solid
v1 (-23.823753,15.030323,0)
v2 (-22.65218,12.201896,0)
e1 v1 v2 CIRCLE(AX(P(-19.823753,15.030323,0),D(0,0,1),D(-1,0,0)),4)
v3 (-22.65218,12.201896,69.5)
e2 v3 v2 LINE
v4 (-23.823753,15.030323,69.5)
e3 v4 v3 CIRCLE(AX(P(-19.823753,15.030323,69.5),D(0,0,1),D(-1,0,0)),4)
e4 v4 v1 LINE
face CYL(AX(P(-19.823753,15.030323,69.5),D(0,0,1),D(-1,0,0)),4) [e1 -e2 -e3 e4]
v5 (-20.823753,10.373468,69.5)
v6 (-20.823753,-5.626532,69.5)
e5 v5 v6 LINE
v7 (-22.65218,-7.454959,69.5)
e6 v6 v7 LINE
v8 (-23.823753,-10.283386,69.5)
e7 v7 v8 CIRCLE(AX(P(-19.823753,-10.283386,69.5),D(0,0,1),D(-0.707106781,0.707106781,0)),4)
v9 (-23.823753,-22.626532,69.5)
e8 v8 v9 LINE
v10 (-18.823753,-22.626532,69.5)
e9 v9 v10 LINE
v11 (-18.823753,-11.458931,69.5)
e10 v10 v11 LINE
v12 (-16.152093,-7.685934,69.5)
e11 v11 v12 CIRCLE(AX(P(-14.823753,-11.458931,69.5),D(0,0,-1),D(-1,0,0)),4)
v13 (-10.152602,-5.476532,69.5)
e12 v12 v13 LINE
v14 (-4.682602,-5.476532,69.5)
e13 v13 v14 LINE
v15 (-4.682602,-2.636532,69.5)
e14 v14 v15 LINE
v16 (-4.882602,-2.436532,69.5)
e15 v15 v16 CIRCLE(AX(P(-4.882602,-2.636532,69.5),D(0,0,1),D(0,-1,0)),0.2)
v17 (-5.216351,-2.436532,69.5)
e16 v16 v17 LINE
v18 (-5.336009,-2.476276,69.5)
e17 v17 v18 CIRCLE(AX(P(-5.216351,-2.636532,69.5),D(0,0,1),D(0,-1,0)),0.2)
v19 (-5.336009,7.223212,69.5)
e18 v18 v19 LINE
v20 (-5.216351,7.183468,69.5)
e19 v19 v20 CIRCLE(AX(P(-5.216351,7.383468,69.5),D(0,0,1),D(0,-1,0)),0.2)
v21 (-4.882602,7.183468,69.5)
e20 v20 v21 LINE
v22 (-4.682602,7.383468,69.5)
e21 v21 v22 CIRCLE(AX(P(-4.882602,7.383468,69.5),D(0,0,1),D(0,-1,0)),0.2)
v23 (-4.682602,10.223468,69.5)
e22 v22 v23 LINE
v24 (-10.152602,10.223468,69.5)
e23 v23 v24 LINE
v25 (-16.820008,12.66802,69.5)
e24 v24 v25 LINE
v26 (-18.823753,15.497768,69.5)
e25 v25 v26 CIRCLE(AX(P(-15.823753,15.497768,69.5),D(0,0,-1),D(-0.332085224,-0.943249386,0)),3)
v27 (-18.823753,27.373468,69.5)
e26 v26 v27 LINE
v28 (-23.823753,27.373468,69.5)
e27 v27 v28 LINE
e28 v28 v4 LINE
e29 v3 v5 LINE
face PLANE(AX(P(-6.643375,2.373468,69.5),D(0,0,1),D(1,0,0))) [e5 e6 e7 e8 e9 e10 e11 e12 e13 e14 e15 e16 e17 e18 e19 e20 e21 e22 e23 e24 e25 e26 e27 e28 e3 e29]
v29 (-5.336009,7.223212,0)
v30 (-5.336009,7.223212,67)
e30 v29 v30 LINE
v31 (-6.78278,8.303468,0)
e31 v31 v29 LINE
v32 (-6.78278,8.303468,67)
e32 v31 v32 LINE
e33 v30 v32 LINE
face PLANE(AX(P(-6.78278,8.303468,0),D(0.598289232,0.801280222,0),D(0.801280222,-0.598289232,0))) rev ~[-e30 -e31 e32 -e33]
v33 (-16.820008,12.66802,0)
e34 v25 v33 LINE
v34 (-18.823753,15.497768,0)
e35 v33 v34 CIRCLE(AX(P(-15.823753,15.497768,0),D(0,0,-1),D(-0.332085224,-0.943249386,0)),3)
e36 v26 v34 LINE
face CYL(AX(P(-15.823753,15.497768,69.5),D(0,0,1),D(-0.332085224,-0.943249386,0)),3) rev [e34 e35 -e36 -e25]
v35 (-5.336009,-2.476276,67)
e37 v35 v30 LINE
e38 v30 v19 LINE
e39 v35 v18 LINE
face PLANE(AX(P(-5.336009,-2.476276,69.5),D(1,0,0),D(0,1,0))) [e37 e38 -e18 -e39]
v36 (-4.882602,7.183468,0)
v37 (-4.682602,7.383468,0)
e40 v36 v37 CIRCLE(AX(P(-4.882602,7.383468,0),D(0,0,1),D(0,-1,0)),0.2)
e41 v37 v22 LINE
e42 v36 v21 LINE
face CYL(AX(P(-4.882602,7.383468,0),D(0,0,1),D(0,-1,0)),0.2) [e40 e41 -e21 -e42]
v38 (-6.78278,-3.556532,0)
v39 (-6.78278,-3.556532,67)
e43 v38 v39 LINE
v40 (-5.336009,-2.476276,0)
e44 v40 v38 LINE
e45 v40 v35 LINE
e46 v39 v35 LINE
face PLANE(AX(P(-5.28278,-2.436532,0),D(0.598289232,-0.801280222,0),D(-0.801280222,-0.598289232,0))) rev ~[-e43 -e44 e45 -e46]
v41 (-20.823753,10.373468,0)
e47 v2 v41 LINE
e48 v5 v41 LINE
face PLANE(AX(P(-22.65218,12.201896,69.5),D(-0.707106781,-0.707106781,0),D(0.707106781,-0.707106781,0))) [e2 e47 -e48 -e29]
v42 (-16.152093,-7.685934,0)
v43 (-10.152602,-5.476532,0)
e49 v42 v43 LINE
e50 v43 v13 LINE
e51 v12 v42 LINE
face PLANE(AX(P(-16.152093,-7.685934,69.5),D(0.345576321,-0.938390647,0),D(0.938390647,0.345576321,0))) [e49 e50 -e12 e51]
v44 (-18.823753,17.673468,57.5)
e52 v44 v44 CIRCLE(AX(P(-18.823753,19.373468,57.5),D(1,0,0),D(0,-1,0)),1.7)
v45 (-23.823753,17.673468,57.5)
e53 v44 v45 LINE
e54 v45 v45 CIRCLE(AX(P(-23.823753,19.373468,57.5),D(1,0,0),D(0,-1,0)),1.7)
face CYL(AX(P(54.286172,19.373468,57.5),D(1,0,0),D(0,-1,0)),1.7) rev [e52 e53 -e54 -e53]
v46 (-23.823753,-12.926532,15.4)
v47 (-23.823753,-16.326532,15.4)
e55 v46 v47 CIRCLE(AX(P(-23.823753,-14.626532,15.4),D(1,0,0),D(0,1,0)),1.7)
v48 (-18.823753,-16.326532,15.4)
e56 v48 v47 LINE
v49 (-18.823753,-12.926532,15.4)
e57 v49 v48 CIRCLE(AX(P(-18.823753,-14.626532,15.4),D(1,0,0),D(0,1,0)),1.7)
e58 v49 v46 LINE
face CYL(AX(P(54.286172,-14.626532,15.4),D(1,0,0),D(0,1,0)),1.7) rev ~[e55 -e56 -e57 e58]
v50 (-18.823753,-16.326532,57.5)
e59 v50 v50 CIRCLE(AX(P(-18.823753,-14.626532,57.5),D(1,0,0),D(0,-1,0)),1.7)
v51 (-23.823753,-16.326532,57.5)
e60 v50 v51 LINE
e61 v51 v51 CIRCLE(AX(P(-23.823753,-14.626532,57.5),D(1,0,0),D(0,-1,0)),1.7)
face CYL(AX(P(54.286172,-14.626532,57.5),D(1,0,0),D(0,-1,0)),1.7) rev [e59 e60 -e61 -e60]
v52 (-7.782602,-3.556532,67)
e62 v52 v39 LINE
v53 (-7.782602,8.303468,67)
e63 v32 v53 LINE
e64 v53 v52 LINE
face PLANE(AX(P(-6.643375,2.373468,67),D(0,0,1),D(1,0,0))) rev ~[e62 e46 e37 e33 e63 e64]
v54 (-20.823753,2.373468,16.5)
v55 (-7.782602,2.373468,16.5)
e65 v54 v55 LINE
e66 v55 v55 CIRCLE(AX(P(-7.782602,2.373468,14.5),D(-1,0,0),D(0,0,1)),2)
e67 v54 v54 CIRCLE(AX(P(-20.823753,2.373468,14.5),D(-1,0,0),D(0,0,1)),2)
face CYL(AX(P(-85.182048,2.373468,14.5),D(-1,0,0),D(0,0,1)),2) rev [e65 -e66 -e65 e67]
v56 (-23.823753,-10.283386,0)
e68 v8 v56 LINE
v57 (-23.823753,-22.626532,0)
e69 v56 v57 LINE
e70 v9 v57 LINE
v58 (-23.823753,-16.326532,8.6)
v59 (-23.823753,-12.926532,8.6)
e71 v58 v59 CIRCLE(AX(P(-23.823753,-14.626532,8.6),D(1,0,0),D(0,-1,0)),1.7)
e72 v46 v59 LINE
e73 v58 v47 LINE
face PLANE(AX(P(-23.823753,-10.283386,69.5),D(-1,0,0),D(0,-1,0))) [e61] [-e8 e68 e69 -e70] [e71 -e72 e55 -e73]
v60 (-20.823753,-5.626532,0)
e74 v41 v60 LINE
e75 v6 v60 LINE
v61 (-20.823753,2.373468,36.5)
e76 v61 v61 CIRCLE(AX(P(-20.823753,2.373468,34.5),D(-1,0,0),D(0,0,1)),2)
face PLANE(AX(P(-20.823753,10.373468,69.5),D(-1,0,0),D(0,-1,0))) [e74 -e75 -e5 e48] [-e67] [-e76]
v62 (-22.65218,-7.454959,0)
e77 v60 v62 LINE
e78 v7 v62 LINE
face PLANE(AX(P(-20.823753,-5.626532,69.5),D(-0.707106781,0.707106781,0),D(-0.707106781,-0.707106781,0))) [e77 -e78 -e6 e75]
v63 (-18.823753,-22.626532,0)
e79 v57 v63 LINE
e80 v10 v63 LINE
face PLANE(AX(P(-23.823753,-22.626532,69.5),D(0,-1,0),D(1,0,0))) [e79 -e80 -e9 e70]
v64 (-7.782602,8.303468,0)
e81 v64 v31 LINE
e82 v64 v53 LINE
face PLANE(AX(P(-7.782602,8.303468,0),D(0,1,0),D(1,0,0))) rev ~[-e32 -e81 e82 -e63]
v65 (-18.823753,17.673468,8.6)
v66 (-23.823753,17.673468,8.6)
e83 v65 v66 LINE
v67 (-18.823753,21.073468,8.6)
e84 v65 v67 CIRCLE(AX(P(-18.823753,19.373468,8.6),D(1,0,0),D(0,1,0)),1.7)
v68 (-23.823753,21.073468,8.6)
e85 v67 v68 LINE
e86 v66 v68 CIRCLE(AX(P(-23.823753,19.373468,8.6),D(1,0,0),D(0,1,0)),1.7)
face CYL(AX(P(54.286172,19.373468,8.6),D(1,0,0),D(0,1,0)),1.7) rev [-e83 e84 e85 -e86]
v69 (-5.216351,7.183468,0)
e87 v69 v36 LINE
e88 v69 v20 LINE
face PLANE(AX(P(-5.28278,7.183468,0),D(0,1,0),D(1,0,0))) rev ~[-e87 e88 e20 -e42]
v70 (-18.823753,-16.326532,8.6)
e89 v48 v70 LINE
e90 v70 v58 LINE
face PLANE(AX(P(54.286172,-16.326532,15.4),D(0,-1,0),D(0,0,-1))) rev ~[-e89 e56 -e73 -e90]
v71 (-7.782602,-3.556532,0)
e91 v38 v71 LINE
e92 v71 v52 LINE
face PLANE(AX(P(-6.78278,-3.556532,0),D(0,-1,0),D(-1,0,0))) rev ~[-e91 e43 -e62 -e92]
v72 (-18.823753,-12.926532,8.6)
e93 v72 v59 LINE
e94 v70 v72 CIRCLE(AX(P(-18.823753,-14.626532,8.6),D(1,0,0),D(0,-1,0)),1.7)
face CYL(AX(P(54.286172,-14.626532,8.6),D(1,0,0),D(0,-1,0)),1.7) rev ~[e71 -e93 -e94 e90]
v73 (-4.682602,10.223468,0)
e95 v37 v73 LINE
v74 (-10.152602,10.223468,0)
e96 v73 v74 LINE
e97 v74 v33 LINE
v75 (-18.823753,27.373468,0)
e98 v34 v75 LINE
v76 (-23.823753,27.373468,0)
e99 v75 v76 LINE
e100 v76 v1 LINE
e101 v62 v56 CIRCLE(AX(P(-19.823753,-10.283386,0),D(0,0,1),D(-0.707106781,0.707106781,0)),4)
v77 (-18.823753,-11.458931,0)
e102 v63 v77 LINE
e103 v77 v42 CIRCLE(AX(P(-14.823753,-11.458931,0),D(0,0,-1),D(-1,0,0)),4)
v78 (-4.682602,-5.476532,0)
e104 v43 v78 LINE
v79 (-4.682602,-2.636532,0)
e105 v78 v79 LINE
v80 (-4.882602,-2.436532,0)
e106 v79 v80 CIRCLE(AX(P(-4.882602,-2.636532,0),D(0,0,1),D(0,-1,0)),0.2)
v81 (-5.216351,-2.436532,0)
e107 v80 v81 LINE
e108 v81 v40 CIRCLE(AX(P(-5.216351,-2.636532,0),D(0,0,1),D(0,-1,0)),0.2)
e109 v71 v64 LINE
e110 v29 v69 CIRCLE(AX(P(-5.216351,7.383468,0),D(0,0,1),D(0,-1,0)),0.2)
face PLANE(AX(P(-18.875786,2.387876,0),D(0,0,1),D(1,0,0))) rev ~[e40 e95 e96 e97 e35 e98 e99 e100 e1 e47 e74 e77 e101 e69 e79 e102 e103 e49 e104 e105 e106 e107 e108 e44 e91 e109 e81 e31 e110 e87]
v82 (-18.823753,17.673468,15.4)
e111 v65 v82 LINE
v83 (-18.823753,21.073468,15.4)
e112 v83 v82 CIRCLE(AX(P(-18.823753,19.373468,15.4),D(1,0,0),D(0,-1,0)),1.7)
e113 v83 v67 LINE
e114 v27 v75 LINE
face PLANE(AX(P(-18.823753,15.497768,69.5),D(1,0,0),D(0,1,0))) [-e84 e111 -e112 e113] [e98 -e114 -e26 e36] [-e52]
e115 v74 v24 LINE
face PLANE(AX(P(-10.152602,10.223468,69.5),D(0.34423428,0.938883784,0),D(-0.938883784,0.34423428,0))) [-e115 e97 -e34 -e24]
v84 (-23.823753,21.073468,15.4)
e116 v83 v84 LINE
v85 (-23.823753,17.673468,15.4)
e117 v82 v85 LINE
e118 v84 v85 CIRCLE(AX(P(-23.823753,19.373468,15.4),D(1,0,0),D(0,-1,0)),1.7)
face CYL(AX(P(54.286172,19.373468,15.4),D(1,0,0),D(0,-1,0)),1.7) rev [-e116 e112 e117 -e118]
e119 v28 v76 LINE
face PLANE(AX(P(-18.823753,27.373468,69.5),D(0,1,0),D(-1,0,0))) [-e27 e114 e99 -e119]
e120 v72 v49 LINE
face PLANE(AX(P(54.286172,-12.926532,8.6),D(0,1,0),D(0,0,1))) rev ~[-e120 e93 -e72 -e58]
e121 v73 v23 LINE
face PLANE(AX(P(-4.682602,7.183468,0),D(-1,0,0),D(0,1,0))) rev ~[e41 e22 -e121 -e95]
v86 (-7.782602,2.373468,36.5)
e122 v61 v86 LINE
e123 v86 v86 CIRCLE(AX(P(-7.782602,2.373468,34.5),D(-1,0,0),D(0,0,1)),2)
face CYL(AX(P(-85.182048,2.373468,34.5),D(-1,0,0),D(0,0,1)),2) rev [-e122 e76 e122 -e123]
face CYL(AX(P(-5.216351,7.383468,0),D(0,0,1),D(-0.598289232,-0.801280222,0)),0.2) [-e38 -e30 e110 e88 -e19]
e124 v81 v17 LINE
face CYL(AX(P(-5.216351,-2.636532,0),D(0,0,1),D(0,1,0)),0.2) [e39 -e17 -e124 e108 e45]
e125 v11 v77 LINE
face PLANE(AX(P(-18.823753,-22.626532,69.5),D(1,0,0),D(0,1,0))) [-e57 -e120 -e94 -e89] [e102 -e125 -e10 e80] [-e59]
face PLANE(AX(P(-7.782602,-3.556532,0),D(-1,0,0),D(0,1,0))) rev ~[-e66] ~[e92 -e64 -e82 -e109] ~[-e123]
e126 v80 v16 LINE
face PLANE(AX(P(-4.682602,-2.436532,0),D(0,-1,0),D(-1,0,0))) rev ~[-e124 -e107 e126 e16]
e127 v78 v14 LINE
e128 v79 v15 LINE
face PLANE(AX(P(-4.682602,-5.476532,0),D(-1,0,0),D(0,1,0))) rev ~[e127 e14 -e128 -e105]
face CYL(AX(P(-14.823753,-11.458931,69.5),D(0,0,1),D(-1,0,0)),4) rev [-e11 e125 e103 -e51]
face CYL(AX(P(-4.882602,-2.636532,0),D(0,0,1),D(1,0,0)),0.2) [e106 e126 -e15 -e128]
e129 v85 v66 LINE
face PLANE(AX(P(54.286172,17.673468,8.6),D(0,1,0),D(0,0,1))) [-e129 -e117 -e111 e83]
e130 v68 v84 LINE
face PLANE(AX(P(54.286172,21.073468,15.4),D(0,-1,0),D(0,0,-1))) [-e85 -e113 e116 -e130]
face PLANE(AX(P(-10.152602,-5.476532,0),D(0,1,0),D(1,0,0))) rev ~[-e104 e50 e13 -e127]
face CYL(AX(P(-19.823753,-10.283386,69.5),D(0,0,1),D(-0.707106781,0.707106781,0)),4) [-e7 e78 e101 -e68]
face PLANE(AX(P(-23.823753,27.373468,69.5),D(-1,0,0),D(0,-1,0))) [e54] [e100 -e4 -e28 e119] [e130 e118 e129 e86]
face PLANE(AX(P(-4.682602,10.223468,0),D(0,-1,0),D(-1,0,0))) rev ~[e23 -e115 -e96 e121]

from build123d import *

# Parameters (mm, degrees)
BOSS_EXTRUDE2_DEPTH     = 69.5
BOSS_EXTRUDE3_DEPTH     = 69.5
CUT_EXTRUDE1_DEPTH      = 77.399445549
CUT_EXTRUDE1_DEPTH_BACK = 77.399445549
SKETCH7_R               = 2
CUT_EXTRUDE2_DEPTH      = 78.109924218
CUT_EXTRUDE2_DEPTH_BACK = 78.109924218
SKETCH8_R               = 1.7
FILLET1_R               = 0.2
BOSS_EXTRUDE4_DEPTH     = 2.5


with BuildPart() as part:
    # Sketch4 → Boss-Extrude2 (new body)
    with BuildSketch(Plane.XY):
        Polygon((-10.152602112, 10.223468411), (-10.152602112, -5.476531589), (-4.682602112, -5.476531589), (-4.682602112, -2.436531589), (-5.282780111, -2.436531589), (-6.782780111, -3.556531589), (-7.782602112, -3.556531589), (-7.782602112, 8.303468411), (-6.782780111, 8.303468411), (-5.282780111, 7.183468411), (-4.682602112, 7.183468411), (-4.682602112, 10.223468411), align=None)
    extrude(amount=BOSS_EXTRUDE2_DEPTH)

    # Sketch6 → Boss-Extrude3 (add)
    with BuildSketch(Plane.XY.offset(69.5)):
        with BuildLine():
            Line((-18.82375255, 27.373468411), (-23.82375255, 27.373468411))
            Line((-23.82375255, 27.373468411), (-23.82375255, 15.03032266))
            ThreePointArc((-23.82375255, 15.03032266), (-23.51927068, 13.499588931), (-22.652179675, 12.201895535))
            Line((-22.652179675, 12.201895535), (-20.82375255, 10.373468411))
            Line((-20.82375255, 10.373468411), (-20.82375255, -5.626531589))
            Line((-20.82375255, -5.626531589), (-22.652179675, -7.454958714))
            ThreePointArc((-22.652179675, -7.454958714), (-23.51927068, -8.752652109), (-23.82375255, -10.283385839))
            Line((-23.82375255, -10.283385839), (-23.82375255, -22.626531589))
            Line((-23.82375255, -22.626531589), (-18.82375255, -22.626531589))
            Line((-18.82375255, -22.626531589), (-18.82375255, -11.458931103))
            ThreePointArc((-18.82375255, -11.458931103), (-18.088209901, -9.14736925), (-16.152093449, -7.685933561))
            Line((-16.152093449, -7.685933561), (-10.152602112, -5.476531589))
            Line((-10.152602112, -5.476531589), (-10.152602112, 10.223468411))
            Line((-10.152602112, 10.223468411), (-16.820008224, 12.668019889))
            ThreePointArc((-16.820008224, 12.668019889), (-18.272095564, 13.764096656), (-18.82375255, 15.497768046))
            Line((-18.82375255, 15.497768046), (-18.82375255, 27.373468411))
        make_face()
    extrude(amount=-BOSS_EXTRUDE3_DEPTH)

    # Sketch7 → Cut-Extrude1 (cut, two sides: drawn at the far end of the back side and taken through both)
    with BuildSketch(Plane(origin=(-7.782602112, 0, 0), x_dir=(0, 0, -1), z_dir=(1, 0, 0)).offset(-CUT_EXTRUDE1_DEPTH_BACK)):
        with Locations(Location((-34.5, 2.373468411, 0), (0, 0, 180))):
            Circle(SKETCH7_R)
        with Locations(Location((-14.5, 2.373468411, 0), (0, 0, 180))):
            Circle(SKETCH7_R)
    extrude(amount=CUT_EXTRUDE1_DEPTH + CUT_EXTRUDE1_DEPTH_BACK, mode=Mode.SUBTRACT)

    # Sketch8 → Cut-Extrude2 (cut, two sides: drawn at the far end of the back side and taken through both)
    with BuildSketch(Plane.ZY.offset(23.82375255).offset(-CUT_EXTRUDE2_DEPTH_BACK)):
        with Locations(Location((57.5, 19.373468411, 0), (0, 0, 270))):
            Circle(SKETCH8_R)
        with Locations(Location((57.5, -14.626531589, 0), (0, 0, 270))):
            Circle(SKETCH8_R)
        with BuildLine():
            Line((15.4, 21.073468411), (8.6, 21.073468411))
            ThreePointArc((8.6, 21.073468411), (6.9, 19.373468411), (8.6, 17.673468411))
            Line((8.6, 17.673468411), (15.4, 17.673468411))
            ThreePointArc((15.4, 17.673468411), (17.1, 19.373468411), (15.4, 21.073468411))
        make_face()
        with BuildLine():
            Line((8.6, -12.926531589), (15.4, -12.926531589))
            ThreePointArc((15.4, -12.926531589), (17.1, -14.626531589), (15.4, -16.326531589))
            Line((15.4, -16.326531589), (8.6, -16.326531589))
            ThreePointArc((8.6, -16.326531589), (6.9, -14.626531589), (8.6, -12.926531589))
        make_face()
    extrude(amount=CUT_EXTRUDE2_DEPTH + CUT_EXTRUDE2_DEPTH_BACK, mode=Mode.SUBTRACT)

    # Fillet1
    fillet1_edges = [part.edges().sort_by_distance(p)[0] for p in [
        (-4.682602112, 7.183468411, 34.75),
        (-5.282780111, 7.183468411, 34.75),
        (-5.282780111, -2.436531589, 34.75),
        (-4.682602112, -2.436531589, 34.75),
    ]]
    fillet(fillet1_edges, radius=FILLET1_R)

    # Sketch9 → Boss-Extrude4 (add)
    with BuildSketch(Plane.XY.offset(69.5)):
        Polygon((-7.782602112, 8.303468411), (-7.782602112, -3.556531589), (-6.782780111, -3.556531589), (-5.336008623, -2.476275545), (-5.336008623, 7.223212366), (-6.782780111, 8.303468411), align=None)
    extrude(amount=-BOSS_EXTRUDE4_DEPTH)


solid = part.part
